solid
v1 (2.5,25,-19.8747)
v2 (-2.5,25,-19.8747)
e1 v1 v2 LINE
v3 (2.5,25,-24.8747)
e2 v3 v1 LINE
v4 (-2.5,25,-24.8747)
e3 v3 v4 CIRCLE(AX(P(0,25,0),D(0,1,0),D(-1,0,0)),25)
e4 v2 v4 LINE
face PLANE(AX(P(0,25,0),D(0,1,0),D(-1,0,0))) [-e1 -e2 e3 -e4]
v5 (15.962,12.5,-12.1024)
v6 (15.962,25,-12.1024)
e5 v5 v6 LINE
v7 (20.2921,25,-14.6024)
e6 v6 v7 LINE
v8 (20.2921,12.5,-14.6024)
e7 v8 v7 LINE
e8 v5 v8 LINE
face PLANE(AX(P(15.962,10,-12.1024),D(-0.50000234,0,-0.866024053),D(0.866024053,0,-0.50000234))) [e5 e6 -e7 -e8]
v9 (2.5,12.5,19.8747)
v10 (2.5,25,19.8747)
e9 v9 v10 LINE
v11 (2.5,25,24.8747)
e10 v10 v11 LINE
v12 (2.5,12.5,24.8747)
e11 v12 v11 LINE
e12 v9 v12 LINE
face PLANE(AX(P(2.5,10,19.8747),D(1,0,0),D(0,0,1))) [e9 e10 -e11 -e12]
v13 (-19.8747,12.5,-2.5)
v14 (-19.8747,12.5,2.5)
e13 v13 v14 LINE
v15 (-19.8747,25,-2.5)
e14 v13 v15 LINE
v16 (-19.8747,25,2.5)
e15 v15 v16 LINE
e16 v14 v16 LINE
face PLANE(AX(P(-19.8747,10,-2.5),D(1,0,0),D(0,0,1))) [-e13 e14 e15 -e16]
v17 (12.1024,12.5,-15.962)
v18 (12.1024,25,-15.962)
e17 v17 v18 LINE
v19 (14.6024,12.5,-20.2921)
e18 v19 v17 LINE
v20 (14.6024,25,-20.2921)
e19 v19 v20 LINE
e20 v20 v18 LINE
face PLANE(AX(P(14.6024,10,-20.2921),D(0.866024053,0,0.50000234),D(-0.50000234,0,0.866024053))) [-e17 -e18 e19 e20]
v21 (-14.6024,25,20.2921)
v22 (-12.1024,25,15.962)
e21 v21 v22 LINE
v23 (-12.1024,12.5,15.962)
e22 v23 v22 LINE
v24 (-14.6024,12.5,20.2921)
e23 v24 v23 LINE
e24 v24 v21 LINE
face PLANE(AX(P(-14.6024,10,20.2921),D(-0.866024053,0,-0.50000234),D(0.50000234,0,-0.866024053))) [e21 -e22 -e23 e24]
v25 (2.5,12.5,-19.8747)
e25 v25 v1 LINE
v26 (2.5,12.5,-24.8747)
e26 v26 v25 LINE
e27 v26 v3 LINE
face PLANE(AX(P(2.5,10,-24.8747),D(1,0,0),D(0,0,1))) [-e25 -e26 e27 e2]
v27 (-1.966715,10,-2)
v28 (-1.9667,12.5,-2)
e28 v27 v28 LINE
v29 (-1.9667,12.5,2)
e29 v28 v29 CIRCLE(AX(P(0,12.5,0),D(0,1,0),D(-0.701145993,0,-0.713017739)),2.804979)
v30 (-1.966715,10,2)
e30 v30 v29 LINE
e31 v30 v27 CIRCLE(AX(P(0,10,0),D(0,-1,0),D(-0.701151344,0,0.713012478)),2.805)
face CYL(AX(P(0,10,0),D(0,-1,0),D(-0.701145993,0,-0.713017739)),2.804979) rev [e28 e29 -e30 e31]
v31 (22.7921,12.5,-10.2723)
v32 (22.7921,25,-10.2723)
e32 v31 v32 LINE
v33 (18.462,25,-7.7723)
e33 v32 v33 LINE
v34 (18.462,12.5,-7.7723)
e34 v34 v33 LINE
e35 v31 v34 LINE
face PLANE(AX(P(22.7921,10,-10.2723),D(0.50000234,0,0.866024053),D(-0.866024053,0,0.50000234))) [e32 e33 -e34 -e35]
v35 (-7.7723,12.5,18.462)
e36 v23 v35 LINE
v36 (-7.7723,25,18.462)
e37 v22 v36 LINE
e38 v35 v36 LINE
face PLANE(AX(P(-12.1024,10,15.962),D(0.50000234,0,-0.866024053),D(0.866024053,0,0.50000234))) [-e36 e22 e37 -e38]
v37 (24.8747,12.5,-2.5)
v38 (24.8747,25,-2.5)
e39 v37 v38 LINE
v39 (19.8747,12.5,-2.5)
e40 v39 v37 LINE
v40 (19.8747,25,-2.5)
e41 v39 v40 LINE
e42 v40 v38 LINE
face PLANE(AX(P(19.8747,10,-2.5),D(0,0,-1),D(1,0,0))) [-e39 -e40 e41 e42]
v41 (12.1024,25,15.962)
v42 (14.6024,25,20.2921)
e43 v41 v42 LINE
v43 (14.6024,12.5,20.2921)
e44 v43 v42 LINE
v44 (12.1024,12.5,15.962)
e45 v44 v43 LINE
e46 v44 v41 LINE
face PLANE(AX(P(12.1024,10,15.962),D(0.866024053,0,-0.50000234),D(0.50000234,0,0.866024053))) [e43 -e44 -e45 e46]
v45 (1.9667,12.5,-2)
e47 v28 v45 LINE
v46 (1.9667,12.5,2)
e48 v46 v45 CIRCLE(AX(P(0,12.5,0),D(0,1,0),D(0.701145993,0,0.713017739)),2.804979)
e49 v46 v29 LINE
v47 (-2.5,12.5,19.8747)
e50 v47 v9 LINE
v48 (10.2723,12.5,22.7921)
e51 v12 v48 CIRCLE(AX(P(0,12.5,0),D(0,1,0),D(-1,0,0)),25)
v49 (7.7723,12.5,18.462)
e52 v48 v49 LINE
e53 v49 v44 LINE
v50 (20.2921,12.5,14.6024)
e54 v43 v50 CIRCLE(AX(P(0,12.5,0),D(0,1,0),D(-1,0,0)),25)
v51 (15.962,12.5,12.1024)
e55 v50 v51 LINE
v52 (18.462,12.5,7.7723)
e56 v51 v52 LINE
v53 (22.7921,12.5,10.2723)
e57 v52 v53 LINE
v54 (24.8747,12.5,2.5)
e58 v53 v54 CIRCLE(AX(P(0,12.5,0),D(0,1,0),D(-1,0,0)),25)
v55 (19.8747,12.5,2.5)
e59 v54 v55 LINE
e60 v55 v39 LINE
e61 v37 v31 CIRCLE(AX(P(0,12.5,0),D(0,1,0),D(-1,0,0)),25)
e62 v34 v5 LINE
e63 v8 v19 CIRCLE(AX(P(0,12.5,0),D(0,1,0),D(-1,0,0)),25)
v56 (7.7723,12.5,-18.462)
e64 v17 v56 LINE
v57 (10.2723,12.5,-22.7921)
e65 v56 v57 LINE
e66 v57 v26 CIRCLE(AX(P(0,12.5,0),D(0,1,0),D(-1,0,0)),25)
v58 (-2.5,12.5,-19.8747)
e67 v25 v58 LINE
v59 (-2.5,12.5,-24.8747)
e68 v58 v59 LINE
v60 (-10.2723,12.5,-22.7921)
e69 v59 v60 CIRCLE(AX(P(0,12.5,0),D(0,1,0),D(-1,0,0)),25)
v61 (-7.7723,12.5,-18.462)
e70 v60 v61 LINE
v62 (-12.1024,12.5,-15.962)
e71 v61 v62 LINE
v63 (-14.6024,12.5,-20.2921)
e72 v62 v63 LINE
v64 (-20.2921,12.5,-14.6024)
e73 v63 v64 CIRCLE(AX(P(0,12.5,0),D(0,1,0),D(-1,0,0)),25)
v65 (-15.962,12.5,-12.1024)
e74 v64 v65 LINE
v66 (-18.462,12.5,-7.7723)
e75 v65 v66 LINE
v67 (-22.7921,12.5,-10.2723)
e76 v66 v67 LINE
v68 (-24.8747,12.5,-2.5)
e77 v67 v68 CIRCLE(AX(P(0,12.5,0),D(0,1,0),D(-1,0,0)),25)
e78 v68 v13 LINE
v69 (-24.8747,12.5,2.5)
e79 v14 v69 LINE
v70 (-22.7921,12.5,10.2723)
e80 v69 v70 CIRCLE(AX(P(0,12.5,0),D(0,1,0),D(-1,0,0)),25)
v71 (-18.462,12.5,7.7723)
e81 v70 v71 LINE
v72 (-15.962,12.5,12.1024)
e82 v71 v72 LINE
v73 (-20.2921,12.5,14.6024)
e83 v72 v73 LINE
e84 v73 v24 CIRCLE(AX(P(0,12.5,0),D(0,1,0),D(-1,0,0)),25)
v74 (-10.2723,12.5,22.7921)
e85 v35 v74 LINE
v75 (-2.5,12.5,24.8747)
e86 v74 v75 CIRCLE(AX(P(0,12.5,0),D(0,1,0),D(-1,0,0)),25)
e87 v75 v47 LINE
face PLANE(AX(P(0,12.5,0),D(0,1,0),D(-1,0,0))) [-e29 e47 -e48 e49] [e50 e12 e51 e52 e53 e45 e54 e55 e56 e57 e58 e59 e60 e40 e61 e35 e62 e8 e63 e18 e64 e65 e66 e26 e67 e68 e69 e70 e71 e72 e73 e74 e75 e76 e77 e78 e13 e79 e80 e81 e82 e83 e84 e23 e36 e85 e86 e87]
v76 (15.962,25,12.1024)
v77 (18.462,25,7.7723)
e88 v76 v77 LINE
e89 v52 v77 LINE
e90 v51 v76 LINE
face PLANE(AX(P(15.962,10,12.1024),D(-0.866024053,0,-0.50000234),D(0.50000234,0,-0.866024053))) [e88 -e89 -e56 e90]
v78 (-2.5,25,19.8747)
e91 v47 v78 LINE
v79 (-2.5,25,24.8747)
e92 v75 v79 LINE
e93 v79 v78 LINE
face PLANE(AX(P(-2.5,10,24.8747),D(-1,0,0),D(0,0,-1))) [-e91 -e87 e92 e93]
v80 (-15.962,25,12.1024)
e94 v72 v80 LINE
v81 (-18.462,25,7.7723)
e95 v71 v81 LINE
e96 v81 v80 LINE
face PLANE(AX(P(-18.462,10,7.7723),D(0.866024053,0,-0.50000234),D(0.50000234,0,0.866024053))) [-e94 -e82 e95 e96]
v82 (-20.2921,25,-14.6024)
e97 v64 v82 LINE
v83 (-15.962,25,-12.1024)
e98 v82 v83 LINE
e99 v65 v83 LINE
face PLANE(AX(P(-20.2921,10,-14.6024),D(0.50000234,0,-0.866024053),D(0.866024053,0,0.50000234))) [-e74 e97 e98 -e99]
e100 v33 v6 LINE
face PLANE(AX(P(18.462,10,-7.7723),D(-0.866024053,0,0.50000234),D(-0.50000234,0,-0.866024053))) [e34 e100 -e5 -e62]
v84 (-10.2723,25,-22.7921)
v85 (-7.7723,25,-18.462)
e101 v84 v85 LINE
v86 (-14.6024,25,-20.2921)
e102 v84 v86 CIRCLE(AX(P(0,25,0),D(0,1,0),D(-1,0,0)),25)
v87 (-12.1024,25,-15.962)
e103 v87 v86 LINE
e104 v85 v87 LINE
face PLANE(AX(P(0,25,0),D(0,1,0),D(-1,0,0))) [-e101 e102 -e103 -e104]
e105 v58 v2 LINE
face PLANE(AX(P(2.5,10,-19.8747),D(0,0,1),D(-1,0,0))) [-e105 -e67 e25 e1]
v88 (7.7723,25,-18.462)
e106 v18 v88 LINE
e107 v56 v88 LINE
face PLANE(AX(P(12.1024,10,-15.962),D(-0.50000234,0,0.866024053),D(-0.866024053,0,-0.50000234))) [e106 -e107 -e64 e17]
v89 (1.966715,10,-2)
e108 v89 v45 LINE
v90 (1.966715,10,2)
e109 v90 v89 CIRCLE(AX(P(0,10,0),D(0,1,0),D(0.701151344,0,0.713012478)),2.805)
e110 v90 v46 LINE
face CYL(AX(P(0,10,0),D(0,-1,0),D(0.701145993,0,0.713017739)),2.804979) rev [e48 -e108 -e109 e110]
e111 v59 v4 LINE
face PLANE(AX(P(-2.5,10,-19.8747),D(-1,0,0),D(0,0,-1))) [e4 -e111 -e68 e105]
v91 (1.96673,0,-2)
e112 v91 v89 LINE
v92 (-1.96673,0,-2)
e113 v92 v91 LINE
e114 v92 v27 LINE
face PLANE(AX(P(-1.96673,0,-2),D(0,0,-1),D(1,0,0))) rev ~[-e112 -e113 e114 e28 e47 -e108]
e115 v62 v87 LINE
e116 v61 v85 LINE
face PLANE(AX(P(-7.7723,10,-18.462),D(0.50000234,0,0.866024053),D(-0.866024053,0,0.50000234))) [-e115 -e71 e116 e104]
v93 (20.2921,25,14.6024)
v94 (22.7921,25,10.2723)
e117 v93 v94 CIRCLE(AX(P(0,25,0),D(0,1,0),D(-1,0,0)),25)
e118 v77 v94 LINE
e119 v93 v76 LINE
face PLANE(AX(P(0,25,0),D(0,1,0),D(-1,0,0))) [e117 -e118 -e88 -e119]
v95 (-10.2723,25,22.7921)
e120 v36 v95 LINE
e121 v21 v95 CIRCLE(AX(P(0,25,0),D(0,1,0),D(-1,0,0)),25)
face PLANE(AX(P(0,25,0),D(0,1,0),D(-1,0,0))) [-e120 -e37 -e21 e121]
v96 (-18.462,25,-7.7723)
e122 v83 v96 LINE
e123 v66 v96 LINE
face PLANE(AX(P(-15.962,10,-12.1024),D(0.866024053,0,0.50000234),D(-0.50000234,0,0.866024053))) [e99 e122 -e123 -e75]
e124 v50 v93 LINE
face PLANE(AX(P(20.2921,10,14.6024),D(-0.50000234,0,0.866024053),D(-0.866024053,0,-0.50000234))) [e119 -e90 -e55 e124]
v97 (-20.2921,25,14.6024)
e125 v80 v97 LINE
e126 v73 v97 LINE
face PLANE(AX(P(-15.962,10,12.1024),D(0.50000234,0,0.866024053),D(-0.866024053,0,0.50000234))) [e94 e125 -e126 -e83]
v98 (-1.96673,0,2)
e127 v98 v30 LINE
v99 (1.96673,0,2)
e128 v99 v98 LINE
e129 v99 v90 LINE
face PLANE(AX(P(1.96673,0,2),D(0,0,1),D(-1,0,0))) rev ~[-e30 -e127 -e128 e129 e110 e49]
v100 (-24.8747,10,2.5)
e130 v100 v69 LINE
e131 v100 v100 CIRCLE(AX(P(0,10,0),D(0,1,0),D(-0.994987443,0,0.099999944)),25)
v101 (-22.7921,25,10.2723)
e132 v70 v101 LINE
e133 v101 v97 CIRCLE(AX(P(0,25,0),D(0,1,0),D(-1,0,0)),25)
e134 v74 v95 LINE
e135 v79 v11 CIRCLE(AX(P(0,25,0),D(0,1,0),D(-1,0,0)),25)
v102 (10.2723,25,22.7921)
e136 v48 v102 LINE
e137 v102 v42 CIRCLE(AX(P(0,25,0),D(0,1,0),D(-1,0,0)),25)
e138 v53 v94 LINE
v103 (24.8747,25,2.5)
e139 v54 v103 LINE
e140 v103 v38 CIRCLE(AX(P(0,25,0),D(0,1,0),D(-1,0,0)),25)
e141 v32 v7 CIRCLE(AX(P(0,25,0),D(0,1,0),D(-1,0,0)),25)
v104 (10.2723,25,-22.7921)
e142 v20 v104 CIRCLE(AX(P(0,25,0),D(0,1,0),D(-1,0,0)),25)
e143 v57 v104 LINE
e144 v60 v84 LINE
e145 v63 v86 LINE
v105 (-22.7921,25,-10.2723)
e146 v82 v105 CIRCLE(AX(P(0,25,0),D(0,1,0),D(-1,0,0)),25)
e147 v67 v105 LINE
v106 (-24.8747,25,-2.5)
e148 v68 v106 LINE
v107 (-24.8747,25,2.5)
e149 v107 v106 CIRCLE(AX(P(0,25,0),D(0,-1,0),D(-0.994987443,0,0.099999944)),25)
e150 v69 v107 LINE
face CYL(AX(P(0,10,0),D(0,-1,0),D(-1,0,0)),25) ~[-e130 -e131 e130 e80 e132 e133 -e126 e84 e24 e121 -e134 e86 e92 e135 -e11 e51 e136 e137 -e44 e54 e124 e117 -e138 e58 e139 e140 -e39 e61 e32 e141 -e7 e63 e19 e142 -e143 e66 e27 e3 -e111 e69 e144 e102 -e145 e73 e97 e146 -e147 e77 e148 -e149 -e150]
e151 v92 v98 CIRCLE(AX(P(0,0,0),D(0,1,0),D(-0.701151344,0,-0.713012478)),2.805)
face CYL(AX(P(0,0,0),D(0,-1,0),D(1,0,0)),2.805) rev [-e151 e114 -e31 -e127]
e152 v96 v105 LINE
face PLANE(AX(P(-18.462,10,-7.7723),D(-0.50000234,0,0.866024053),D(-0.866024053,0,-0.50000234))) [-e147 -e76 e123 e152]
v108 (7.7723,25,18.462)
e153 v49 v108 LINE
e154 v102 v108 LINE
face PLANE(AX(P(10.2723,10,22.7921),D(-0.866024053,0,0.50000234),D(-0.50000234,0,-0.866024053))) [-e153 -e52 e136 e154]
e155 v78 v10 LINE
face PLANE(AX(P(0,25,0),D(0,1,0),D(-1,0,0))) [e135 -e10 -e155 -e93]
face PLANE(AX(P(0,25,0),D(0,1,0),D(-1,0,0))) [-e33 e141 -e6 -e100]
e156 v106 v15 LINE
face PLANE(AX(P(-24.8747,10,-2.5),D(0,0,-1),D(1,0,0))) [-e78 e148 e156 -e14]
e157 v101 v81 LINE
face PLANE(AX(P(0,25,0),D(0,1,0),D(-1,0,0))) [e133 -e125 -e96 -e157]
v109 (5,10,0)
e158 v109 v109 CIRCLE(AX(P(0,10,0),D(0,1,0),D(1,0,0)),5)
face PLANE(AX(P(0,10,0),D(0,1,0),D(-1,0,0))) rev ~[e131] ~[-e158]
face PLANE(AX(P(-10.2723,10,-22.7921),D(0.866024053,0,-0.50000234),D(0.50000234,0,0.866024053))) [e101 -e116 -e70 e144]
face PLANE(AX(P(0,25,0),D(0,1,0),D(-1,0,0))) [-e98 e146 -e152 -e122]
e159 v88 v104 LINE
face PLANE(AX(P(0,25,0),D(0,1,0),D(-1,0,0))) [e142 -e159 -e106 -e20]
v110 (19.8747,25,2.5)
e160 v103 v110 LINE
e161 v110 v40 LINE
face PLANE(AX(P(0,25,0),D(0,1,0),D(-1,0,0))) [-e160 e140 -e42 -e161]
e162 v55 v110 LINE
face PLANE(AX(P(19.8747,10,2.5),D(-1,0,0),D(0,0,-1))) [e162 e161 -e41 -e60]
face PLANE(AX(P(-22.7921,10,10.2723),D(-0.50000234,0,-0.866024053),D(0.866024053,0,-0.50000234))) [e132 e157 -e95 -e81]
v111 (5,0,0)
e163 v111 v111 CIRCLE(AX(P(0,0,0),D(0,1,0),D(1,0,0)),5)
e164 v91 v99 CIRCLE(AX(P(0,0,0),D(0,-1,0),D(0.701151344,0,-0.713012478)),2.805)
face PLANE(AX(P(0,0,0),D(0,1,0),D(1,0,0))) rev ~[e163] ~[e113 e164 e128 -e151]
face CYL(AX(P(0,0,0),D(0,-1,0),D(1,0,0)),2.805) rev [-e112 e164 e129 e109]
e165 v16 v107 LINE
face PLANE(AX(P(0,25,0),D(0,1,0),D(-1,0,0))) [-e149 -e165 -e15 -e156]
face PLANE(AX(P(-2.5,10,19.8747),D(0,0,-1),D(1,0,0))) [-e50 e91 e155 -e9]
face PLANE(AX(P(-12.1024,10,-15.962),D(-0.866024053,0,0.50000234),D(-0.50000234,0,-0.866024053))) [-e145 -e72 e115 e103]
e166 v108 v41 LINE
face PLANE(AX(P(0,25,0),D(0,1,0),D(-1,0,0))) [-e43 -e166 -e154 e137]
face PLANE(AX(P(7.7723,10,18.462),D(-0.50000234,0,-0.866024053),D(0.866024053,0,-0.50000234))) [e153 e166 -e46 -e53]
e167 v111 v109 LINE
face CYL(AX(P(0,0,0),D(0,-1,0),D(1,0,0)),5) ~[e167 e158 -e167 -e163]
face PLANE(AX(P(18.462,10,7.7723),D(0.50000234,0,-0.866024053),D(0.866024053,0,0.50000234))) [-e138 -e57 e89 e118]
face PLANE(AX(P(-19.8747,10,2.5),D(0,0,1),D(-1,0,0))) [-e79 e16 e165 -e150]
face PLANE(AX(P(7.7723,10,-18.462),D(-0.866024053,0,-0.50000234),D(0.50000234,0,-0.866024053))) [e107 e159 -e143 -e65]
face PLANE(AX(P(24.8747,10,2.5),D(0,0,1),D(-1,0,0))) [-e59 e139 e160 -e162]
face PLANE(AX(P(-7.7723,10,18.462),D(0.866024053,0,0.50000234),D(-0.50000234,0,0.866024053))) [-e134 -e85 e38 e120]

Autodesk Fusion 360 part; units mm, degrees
sketch "Sketch1" plane through (0, 0, 0) normal (0, 1, 0) x (1, 0, 0)
  circle A0 centre (0, 0) radius 2.805
  line L0 (-2.805, 2) -> (2.805, 2)
  line L1 (2.805, 2) -> (2.805, -2)
  line L2 (2.805, -2) -> (-2.805, -2)
  line L3 (-2.805, -2) -> (-2.805, 2)
  line L4 (0, 2) -> (0, 0) construction
  line L5 (0, 0) -> (0, -2) construction
  circle A1 centre (0, 0) radius 5
  dimension "d1" = 5.61
  dimension "d2" = 2
  dimension "d3" = 10
extrude "Extrude1" add sketch "Sketch1" along normal blind 10 contours A0 L1 L2 | A0 L0 L1 | A0 L0 | A0 L2 | A0 L0 L3 | A0 L2 L3 | A1
sketch "Sketch2" plane through (0, 10, 0) normal (0, 1, 0) x (-1, 0, 0)
  arc A0 (1.9667, -2) -> (1.9667, 2) centre (0, 0) ccw
  line L0 (1.9667, -2) -> (-1.9667, -2)
  arc A1 (-1.9667, 2) -> (-1.9667, -2) centre (0, 0) ccw
  line L1 (-1.9667, 2) -> (1.9667, 2)
  circle A2 centre (0, 0) radius 5
  circle A3 centre (0, 0) radius 25
  line L2 (-2.5, -24.8747) -> (-2.5, -19.8747)
  line L3 (-2.5, -19.8747) -> (2.5, -19.8747)
  line L4 (2.5, -19.8747) -> (2.5, -24.8747)
  line L5 (12.1024, -15.962) -> (14.6024, -20.2921)
  line L6 (7.7723, -18.462) -> (12.1024, -15.962)
  line L7 (10.2723, -22.7921) -> (7.7723, -18.462)
  line L8 (18.462, -7.7723) -> (22.7921, -10.2723)
  line L9 (15.962, -12.1024) -> (18.462, -7.7723)
  line L10 (20.2921, -14.6024) -> (15.962, -12.1024)
  line L11 (19.8747, 2.5) -> (24.8747, 2.5)
  line L12 (19.8747, -2.5) -> (19.8747, 2.5)
  line L13 (24.8747, -2.5) -> (19.8747, -2.5)
  line L14 (15.962, 12.1024) -> (20.2921, 14.6024)
  line L15 (18.462, 7.7723) -> (15.962, 12.1024)
  line L16 (22.7921, 10.2723) -> (18.462, 7.7723)
  line L17 (7.7723, 18.462) -> (10.2723, 22.7921)
  line L18 (12.1024, 15.962) -> (7.7723, 18.462)
  line L19 (14.6024, 20.2921) -> (12.1024, 15.962)
  line L20 (-2.5, 19.8747) -> (-2.5, 24.8747)
  line L21 (2.5, 19.8747) -> (-2.5, 19.8747)
  line L22 (2.5, 24.8747) -> (2.5, 19.8747)
  line L23 (-12.1024, 15.962) -> (-14.6024, 20.2921)
  line L24 (-7.7723, 18.462) -> (-12.1024, 15.962)
  line L25 (-10.2723, 22.7921) -> (-7.7723, 18.462)
  line L26 (-18.462, 7.7723) -> (-22.7921, 10.2723)
  line L27 (-15.962, 12.1024) -> (-18.462, 7.7723)
  line L28 (-20.2921, 14.6024) -> (-15.962, 12.1024)
  line L29 (-19.8747, -2.5) -> (-24.8747, -2.5)
  line L30 (-19.8747, 2.5) -> (-19.8747, -2.5)
  line L31 (-24.8747, 2.5) -> (-19.8747, 2.5)
  line L32 (-15.962, -12.1024) -> (-20.2921, -14.6024)
  line L33 (-18.462, -7.7723) -> (-15.962, -12.1024)
  line L34 (-22.7921, -10.2723) -> (-18.462, -7.7723)
  line L35 (-7.7723, -18.462) -> (-10.2723, -22.7921)
  line L36 (-12.1024, -15.962) -> (-7.7723, -18.462)
  line L37 (-14.6024, -20.2921) -> (-12.1024, -15.962)
  dimension "d6" = 50
  dimension "d7" = 5
  dimension "d9" = 360
extrude "Extrude2" add sketch "Sketch2" along normal blind 2.5 contours A2 | A3 L2 L3 L4 L5 L6 L7 L8 L9 L10 L11 L12 L13 L14 L15 L16 L17 L18 L19 L20 L21 L22 L23 L24 L25 L26 L27 L28 L29 L30 L31 L32 L33 L34 L35 L36 L37
extrude "Extrude3" add sketch "Sketch2" along normal blind 15 contours A3 L11 L12 L13 | A3 L14 L15 L16 | A3 L8 L9 L10 | A3 L17 L18 L19 | A3 L5 L6 L7 | A3 L20 L21 L22 | A3 L2 L3 L4 | A3 L23 L24 L25 | A3 L35 L36 L37 | A3 L26 L27 L28 | A3 L32 L33 L34 | A3 L29 L30 L31
equation "d1 = ( 5.5 * 1.02 ) * 1 mm"
